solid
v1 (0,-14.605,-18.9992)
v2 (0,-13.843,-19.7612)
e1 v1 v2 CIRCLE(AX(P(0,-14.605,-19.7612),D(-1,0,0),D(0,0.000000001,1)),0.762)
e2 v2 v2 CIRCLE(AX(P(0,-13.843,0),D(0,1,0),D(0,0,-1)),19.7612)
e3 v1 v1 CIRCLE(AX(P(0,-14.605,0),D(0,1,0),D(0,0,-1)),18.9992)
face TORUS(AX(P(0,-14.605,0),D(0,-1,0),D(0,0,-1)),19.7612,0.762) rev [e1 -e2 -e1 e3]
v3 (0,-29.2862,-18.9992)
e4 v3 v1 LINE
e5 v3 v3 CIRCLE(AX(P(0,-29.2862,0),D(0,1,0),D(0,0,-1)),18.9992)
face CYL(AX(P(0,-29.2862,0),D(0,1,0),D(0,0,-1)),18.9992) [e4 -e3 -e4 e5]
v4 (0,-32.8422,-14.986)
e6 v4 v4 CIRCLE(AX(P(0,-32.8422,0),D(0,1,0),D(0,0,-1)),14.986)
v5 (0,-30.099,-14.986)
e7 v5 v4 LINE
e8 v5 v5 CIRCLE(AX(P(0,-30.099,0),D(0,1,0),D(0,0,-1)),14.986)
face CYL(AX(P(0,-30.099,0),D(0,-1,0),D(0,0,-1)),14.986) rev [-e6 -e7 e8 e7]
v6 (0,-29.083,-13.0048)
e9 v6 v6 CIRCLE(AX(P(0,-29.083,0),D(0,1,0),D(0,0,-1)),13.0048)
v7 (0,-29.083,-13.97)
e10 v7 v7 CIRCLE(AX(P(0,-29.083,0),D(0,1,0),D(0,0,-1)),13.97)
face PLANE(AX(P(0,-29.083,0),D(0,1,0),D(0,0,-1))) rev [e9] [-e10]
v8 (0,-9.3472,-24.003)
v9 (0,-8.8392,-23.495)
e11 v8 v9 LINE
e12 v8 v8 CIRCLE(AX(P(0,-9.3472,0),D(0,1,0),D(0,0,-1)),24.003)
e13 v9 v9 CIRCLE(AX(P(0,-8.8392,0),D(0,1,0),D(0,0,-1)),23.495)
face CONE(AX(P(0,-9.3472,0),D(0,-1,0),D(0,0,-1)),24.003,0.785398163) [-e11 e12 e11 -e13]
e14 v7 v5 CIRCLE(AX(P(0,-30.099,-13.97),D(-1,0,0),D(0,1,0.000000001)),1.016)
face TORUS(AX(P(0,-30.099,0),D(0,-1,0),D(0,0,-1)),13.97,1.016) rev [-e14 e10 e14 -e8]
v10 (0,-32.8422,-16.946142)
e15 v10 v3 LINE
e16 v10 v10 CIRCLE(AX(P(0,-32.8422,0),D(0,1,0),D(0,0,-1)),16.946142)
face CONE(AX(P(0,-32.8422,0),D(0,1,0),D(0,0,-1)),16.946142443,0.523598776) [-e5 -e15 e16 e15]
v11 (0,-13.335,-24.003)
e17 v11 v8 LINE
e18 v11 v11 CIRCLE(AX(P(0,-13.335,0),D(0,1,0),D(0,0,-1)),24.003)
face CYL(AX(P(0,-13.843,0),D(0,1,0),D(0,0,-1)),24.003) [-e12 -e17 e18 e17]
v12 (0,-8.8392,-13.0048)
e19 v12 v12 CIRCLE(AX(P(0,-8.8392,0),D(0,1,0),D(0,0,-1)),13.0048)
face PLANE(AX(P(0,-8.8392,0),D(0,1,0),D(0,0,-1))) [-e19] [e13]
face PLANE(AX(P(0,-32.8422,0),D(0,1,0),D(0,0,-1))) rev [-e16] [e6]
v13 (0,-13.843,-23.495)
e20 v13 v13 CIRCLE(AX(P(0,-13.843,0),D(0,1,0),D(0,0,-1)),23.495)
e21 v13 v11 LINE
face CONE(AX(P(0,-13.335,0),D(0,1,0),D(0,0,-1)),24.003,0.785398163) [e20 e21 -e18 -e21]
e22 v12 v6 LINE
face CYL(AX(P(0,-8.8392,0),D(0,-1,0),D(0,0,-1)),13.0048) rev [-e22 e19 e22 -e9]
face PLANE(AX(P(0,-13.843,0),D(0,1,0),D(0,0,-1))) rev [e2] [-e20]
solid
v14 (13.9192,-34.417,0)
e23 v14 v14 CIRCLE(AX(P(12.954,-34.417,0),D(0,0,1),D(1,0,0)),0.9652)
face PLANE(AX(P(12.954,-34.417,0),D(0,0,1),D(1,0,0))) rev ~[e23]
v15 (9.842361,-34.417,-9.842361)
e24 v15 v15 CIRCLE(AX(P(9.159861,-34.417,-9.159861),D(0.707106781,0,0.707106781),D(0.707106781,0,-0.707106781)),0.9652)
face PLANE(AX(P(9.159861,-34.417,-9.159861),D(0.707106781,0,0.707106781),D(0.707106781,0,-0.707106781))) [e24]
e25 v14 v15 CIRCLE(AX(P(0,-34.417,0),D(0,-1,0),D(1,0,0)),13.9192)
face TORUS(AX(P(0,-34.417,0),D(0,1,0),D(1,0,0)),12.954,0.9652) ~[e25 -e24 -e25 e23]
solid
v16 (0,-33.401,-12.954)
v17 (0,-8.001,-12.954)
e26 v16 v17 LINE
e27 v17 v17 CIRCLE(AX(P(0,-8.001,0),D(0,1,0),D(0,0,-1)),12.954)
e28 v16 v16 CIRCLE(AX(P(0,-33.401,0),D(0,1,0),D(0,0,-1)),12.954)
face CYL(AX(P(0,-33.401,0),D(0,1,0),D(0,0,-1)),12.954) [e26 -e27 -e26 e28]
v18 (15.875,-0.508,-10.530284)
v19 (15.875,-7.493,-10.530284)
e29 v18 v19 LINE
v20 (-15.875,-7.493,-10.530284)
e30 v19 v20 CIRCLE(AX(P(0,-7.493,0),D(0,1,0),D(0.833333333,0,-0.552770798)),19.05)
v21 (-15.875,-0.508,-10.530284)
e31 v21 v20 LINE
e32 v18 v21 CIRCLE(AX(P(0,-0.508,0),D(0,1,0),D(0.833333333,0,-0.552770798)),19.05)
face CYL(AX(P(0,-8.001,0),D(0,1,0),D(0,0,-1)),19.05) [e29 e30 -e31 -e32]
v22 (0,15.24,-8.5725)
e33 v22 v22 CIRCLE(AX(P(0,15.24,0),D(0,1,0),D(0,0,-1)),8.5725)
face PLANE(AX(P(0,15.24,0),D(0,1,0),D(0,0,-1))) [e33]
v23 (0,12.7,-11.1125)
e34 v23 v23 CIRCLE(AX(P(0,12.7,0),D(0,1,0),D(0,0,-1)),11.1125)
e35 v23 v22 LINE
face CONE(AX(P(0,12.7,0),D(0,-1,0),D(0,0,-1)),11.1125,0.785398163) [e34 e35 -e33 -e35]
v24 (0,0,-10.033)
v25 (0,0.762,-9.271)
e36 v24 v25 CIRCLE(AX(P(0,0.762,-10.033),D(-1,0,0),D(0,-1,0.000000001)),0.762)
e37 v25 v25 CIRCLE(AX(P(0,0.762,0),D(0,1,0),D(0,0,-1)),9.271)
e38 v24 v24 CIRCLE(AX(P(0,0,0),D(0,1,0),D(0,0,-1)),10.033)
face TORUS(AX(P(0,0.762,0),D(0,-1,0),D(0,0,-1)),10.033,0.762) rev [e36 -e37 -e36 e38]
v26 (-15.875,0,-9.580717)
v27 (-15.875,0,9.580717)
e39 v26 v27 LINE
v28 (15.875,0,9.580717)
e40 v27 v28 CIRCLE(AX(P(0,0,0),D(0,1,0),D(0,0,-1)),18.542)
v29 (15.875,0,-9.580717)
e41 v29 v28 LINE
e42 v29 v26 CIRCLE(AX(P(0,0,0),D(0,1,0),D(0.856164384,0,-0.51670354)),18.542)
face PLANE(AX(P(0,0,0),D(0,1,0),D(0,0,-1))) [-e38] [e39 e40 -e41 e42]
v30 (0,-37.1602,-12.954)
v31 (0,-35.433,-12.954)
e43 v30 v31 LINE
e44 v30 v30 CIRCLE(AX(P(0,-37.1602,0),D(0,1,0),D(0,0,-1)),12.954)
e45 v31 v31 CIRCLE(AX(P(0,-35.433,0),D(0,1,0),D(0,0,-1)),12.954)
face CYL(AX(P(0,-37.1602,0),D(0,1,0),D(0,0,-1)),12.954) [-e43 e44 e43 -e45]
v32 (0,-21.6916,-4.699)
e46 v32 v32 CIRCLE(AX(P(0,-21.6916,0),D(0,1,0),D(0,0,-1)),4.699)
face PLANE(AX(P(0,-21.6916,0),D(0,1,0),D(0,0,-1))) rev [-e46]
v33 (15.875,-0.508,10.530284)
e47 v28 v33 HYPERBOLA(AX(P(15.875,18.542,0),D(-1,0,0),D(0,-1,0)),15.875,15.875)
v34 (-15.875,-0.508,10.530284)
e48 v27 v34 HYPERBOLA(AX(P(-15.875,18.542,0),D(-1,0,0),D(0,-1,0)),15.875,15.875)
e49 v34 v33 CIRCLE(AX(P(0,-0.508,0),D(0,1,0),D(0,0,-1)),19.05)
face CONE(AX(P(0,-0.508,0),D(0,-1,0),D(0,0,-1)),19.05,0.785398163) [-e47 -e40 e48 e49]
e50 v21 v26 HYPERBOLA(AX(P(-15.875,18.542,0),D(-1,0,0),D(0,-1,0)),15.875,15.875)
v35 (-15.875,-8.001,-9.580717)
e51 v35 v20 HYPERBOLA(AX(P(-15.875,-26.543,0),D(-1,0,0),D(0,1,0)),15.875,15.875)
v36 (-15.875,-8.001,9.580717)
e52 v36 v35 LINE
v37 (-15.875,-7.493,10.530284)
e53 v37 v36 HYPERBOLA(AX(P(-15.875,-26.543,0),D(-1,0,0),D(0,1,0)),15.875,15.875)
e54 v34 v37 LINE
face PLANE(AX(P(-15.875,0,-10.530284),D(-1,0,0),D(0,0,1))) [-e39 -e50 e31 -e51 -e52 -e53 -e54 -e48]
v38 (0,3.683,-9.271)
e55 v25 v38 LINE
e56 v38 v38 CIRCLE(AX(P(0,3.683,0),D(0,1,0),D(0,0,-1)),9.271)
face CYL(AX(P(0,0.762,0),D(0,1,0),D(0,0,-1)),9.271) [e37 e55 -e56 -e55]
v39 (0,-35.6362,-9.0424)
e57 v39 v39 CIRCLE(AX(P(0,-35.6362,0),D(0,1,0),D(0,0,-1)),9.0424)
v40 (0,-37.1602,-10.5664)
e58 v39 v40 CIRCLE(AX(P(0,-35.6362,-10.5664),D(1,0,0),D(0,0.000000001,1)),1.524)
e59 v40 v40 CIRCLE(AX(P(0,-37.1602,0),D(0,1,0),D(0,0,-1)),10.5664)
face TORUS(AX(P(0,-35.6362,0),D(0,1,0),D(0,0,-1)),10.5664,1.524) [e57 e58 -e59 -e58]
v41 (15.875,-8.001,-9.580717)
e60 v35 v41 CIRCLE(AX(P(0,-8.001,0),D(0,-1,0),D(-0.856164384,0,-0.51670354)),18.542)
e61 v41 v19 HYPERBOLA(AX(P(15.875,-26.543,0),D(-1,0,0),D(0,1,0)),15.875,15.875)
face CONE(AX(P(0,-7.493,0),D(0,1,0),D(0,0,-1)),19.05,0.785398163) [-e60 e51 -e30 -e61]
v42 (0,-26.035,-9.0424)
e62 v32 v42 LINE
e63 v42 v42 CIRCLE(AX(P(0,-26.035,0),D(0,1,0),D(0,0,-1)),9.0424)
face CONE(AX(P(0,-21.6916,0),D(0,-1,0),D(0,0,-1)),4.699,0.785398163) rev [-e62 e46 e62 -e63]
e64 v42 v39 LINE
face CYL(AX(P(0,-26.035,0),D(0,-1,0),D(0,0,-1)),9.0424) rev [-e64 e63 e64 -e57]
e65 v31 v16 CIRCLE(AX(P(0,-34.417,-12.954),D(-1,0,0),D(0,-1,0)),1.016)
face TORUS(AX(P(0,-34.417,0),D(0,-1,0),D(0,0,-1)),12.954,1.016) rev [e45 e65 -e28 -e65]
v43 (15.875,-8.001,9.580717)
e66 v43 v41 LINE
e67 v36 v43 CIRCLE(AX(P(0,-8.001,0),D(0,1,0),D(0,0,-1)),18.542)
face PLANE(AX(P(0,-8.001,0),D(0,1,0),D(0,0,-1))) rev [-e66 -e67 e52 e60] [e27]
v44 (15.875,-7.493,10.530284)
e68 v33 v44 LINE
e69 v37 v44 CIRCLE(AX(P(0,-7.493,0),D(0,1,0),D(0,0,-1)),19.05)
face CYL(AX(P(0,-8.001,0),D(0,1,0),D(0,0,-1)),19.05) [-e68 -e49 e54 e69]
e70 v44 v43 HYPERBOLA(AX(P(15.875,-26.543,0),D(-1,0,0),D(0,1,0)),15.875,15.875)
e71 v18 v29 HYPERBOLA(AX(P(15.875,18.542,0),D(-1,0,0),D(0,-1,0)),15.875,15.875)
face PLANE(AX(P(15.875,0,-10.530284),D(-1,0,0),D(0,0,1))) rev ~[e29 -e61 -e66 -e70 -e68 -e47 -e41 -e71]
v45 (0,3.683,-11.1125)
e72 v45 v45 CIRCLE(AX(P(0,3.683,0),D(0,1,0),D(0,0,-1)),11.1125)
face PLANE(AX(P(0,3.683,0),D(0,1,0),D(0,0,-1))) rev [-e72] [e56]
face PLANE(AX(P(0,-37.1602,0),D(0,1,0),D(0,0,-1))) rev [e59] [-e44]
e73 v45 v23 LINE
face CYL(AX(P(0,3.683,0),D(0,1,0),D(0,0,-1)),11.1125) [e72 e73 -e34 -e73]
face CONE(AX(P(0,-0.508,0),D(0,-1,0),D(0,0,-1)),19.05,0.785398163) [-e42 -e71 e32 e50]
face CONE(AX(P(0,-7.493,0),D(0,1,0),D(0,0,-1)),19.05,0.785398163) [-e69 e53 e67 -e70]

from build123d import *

# Parameters (mm, degrees)
CHAMFER1_SIZE      = 0.508
CHAMFER2_SIZE      = 2.54
CUT_EXTRUDE1_DEPTH = 38.1602
CHAMFER3_SIZE      = 0.508
SKETCH3_R          = 0.9652
REVOLVE3_ANGLE     = 315


with BuildPart() as part:
    # Sketch1 → Revolve1 (revolve)
    with BuildSketch(Plane.XY, mode=Mode.PRIVATE) as revolve1_sk:
        with BuildLine():
            Line((0, 15.24), (0, -21.6916))
            Line((0, -21.6916), (4.699, -21.6916))
            Line((4.699, -21.6916), (9.0424, -26.035))
            Line((9.0424, -26.035), (9.0424, -35.6362))
            ThreePointArc((9.0424, -35.6362), (9.488769265, -36.713830735), (10.5664, -37.1602))
            Line((10.5664, -37.1602), (12.954, -37.1602))
            Line((12.954, -37.1602), (12.954, -35.433))
            ThreePointArc((12.954, -35.433), (11.938, -34.417), (12.954, -33.401))
            Line((12.954, -33.401), (12.954, -8.001))
            Line((12.954, -8.001), (19.05, -8.001))
            Line((19.05, -8.001), (19.05, 0))
            Line((19.05, 0), (10.033, 0))
            ThreePointArc((10.033, 0), (9.494184633, 0.223184633), (9.271, 0.762))
            Line((9.271, 0.762), (9.271, 3.683))
            Line((9.271, 3.683), (11.1125, 3.683))
            Line((11.1125, 3.683), (11.1125, 15.24))
            Line((11.1125, 15.24), (0, 15.24))
        make_face()
    revolve(revolve1_sk.sketch.rotate(Axis((0, 15.24, 0), (0, 1, 0)), 90), axis=Axis((0, 15.24, 0), (0, 1, 0)))  # turned: the seam where the file's is

    # Chamfer1
    chamfer1_edges = [part.edges().sort_by_distance(p)[0] for p in [
        (0, -8.001, 19.05),
        (0, 0, 19.05),
    ]]
    chamfer(chamfer1_edges, length=CHAMFER1_SIZE)

    # Chamfer2
    chamfer2_edges = [part.edges().sort_by_distance(p)[0] for p in [
        (0, 15.24, 11.1125),
    ]]
    chamfer(chamfer2_edges, length=CHAMFER2_SIZE)

    # Sketch4 → Cut-Extrude1 (cut, through all)
    with BuildSketch(Plane(origin=(0, 0, 0), x_dir=(1, 0, 0), z_dir=(0, 1, 0))):
        with BuildLine():
            Line((-15.875, 10.530283709), (-15.875, -10.530283709))
            ThreePointArc((-15.875, -10.530283709), (-19.05, 0), (-15.875, 10.530283709))
        make_face()
        with BuildLine():
            Line((15.875, 10.530283709), (15.875, -10.530283709))
            ThreePointArc((15.875, -10.530283709), (19.05, 0), (15.875, 10.530283709))
        make_face()
    extrude(amount=-CUT_EXTRUDE1_DEPTH, mode=Mode.SUBTRACT)


with BuildPart() as body_2:
    # Sketch2 → Revolve2 (revolve)
    with BuildSketch(Plane.XY, mode=Mode.PRIVATE) as revolve2_sk:
        with BuildLine():
            Line((13.0048, -8.8392), (13.0048, -29.083))
            Line((13.0048, -29.083), (13.97, -29.083))
            ThreePointArc((13.97, -29.083), (14.68842049, -29.38057951), (14.986, -30.099))
            Line((14.986, -30.099), (14.986, -32.8422))
            Line((14.986, -32.8422), (16.946142443, -32.8422))
            Line((16.946142443, -32.8422), (18.9992, -29.2862))
            Line((18.9992, -29.2862), (18.9992, -14.605))
            ThreePointArc((18.9992, -14.605), (19.222384633, -14.066184633), (19.7612, -13.843))
            Line((19.7612, -13.843), (24.003, -13.843))
            Line((24.003, -13.843), (24.003, -8.8392))
            Line((24.003, -8.8392), (13.0048, -8.8392))
        make_face()
    revolve(revolve2_sk.sketch.rotate(Axis((0, 0, 0), (0, 1, 0)), 90), axis=Axis((0, 0, 0), (0, 1, 0)))  # turned: the seam where the file's is

    # Chamfer3
    chamfer3_edges = [body_2.edges().sort_by_distance(p)[0] for p in [
        (0, -8.8392, 24.003),
        (0, -13.843, 24.003),
    ]]
    chamfer(chamfer3_edges, length=CHAMFER3_SIZE)


with BuildPart() as body_3:
    # Sketch3 → Revolve3 (revolve)
    with BuildSketch(Plane.XY):
        with Locations((12.954, -34.417)):
            Circle(SKETCH3_R)
    revolve(axis=Axis((0, 0, 0), (0, -1, 0)), revolution_arc=REVOLVE3_ANGLE)


solid = Compound([part.part, body_2.part, body_3.part])
